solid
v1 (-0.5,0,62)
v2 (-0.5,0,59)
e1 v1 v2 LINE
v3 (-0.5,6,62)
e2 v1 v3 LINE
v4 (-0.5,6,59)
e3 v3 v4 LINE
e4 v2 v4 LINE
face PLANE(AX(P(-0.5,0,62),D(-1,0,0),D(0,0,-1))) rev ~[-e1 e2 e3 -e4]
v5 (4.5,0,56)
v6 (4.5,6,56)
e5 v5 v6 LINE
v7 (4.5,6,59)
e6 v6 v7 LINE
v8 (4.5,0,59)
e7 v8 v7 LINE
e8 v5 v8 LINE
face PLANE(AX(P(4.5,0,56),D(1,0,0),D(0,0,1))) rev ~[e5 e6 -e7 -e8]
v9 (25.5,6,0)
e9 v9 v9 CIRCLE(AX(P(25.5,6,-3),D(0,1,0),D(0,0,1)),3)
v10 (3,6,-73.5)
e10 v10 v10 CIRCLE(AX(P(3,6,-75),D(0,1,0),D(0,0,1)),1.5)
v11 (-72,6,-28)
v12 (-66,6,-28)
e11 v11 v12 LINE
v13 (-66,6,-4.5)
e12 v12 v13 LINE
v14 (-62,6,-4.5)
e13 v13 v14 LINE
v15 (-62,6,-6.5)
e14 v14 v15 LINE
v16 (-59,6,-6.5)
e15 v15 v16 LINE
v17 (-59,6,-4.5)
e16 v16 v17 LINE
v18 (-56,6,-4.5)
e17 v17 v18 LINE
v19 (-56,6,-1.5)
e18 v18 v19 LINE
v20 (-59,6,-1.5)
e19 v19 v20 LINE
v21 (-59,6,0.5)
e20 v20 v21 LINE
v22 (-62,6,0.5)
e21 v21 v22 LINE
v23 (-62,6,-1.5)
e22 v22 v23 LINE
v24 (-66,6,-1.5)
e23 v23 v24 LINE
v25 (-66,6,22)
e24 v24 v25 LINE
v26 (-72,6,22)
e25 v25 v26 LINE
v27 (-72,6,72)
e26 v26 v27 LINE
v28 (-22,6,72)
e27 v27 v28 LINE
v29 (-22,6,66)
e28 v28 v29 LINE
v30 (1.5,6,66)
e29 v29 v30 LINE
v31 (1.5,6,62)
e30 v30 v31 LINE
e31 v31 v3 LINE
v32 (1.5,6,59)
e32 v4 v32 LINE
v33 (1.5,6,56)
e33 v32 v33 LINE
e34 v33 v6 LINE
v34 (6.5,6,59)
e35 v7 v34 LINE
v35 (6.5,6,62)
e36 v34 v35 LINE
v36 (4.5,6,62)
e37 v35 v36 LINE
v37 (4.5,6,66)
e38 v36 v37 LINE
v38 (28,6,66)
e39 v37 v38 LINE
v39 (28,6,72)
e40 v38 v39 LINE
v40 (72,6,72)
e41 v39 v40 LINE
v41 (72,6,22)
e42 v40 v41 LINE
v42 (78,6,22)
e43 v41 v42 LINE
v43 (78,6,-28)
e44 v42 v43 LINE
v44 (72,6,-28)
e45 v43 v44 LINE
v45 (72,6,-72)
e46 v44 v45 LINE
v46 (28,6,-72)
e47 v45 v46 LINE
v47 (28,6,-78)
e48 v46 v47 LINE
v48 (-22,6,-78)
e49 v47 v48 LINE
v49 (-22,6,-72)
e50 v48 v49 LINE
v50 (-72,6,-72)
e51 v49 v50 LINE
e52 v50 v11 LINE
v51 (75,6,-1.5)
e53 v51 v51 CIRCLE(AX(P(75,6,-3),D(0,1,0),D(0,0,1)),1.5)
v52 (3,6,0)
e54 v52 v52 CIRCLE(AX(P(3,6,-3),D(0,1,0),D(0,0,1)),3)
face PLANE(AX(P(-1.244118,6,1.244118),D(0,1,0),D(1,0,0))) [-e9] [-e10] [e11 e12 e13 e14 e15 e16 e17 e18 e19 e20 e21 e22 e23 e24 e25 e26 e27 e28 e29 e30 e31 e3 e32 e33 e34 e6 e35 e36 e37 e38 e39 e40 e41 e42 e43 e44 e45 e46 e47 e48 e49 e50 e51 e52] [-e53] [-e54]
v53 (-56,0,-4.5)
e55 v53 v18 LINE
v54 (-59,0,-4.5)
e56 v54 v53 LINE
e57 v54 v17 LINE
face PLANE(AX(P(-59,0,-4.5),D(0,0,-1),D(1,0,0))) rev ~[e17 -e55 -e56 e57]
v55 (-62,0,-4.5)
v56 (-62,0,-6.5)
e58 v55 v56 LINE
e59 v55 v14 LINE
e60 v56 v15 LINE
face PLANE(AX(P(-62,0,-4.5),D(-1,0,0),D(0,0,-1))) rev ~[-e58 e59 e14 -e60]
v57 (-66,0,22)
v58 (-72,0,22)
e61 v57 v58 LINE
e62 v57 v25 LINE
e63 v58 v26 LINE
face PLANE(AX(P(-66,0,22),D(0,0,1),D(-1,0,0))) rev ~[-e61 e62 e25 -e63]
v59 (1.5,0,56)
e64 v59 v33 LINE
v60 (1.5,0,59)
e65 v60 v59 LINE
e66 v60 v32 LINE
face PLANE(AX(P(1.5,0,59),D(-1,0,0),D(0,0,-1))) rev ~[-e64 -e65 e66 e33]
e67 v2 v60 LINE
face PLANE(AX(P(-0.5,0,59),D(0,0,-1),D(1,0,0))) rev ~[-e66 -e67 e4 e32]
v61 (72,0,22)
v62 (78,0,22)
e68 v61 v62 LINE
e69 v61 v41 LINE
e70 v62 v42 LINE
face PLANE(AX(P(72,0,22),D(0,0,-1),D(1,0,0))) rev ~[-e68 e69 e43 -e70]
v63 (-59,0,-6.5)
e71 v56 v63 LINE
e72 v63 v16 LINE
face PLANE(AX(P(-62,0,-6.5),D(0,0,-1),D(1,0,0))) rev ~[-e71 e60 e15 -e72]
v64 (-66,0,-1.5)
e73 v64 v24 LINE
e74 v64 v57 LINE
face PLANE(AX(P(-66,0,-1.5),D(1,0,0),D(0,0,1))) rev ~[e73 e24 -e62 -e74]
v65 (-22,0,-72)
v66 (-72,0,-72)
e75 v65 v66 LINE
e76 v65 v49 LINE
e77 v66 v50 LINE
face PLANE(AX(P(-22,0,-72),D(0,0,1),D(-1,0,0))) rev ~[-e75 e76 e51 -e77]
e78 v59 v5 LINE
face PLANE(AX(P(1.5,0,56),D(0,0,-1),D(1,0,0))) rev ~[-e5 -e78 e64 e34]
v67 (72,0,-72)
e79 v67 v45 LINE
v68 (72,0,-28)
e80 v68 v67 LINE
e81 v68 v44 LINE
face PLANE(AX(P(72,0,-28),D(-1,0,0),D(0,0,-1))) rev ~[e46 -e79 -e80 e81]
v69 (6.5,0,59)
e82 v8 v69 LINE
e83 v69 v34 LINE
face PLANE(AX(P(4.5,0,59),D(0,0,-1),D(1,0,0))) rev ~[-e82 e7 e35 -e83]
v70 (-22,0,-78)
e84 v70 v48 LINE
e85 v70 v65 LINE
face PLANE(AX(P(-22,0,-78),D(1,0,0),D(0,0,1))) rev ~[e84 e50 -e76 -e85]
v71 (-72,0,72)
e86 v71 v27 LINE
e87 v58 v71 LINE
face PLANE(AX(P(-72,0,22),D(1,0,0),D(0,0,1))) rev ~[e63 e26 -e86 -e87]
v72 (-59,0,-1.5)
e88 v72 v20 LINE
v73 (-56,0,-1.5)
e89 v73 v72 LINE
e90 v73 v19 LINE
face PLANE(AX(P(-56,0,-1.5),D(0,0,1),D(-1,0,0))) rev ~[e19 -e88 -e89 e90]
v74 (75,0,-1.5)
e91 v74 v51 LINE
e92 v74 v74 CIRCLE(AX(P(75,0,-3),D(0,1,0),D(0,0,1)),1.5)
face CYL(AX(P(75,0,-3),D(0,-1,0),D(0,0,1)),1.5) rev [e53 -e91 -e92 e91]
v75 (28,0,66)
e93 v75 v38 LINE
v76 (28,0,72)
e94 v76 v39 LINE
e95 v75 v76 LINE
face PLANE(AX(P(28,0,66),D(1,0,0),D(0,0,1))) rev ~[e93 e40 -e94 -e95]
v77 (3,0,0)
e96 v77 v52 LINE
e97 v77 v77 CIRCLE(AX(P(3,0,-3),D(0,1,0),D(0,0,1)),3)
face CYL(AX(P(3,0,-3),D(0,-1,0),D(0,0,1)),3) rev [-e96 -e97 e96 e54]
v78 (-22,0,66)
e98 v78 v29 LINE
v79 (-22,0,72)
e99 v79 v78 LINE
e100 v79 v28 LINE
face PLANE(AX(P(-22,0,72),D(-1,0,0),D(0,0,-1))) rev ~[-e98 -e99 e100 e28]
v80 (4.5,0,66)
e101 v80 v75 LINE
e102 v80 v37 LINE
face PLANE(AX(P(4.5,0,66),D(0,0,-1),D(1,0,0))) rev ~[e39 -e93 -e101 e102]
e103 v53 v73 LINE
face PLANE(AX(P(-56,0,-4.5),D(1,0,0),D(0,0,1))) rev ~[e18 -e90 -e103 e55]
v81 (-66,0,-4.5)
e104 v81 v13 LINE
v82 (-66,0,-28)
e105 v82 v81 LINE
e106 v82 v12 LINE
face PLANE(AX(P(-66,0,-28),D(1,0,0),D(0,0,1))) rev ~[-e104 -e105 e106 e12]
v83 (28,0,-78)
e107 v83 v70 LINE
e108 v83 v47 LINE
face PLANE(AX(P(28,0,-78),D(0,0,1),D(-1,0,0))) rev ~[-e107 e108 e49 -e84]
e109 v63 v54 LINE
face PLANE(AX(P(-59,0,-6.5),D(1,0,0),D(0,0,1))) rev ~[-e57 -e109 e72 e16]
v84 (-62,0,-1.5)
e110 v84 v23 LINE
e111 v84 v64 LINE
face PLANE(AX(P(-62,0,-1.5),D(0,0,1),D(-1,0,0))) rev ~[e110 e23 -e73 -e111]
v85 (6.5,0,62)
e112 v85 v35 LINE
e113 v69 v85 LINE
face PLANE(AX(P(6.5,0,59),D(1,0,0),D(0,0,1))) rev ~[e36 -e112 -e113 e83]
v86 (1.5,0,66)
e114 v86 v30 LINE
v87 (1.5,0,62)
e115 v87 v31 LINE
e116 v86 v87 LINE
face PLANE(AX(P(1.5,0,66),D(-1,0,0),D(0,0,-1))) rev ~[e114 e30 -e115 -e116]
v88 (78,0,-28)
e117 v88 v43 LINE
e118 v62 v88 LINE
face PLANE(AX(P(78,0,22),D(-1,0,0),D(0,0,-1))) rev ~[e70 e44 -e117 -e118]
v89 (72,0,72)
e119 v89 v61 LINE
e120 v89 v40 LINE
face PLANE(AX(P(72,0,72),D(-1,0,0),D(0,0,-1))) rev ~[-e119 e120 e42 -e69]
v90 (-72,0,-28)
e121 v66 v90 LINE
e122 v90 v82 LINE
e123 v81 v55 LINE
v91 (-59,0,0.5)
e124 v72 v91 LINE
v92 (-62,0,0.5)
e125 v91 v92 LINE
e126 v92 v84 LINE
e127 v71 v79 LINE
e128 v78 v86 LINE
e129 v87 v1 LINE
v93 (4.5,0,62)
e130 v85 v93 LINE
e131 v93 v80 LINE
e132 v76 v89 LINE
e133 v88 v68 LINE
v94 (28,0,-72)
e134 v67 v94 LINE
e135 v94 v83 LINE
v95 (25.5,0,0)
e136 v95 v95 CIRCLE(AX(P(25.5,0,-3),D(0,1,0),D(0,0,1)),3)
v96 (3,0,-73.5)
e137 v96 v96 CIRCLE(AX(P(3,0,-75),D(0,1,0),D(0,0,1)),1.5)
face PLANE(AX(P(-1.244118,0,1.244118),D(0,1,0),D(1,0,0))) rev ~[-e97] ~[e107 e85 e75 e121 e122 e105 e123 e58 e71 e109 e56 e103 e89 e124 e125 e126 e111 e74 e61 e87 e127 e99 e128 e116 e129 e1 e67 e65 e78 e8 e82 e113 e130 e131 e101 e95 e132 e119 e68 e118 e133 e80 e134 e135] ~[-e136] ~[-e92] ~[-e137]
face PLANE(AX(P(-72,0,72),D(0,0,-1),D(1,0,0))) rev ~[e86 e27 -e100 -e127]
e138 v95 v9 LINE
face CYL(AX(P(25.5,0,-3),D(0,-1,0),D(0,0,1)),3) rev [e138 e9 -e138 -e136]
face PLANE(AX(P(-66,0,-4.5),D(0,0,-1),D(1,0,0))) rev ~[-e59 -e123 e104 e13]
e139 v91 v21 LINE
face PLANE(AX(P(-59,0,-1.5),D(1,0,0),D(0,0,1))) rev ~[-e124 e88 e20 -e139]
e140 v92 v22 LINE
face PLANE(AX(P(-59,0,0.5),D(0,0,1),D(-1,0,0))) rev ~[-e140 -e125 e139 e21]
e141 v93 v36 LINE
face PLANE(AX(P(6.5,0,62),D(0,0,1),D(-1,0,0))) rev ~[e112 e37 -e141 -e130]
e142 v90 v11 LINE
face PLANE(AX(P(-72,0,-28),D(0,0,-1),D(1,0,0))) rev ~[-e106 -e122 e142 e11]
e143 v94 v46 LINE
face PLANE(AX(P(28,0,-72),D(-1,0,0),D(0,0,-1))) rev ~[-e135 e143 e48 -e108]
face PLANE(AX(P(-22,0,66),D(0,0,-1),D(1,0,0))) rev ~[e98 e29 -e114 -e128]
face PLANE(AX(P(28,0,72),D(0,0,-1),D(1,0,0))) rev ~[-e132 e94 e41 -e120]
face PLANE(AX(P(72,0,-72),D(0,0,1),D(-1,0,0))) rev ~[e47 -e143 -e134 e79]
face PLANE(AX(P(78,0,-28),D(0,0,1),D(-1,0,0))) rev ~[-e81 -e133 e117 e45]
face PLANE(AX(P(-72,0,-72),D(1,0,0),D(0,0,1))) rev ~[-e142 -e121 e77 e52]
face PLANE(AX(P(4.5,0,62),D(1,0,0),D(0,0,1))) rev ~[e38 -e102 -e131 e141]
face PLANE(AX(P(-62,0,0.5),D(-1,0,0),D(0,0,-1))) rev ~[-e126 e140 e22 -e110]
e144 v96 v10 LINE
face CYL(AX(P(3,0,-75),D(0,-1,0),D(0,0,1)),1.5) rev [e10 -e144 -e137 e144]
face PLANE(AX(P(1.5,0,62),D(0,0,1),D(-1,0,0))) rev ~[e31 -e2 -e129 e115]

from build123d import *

# Parameters (mm, degrees)
SKETCH1_R           = 3
SKETCH1_R_2         = 1.5
BOSS_EXTRUDE1_DEPTH = 6


with BuildPart() as part:
    # Sketch1 → Boss-Extrude1 (new body)
    with BuildSketch(Plane(origin=(0, 0, 0), x_dir=(1, 0, 0), z_dir=(0, 1, 0))):
        Polygon((-72, 72), (-72, 28), (-66, 28), (-66, 4.5), (-62, 4.5), (-62, 6.5), (-59, 6.5), (-59, 4.5), (-56, 4.5), (-56, 1.5), (-59, 1.5), (-59, -0.5), (-62, -0.5), (-62, 1.5), (-66, 1.5), (-66, -22), (-72, -22), (-72, -72), (-22, -72), (-22, -66), (1.5, -66), (1.5, -62), (-0.5, -62), (-0.5, -59), (1.5, -59), (1.5, -56), (4.5, -56), (4.5, -59), (6.5, -59), (6.5, -62), (4.5, -62), (4.5, -66), (28, -66), (28, -72), (72, -72), (72, -22), (78, -22), (78, 28), (72, 28), (72, 72), (28, 72), (28, 78), (-22, 78), (-22, 72), align=None)
        with Locations(Location((3, 3, 0), (0, 0, 270))):
            Circle(SKETCH1_R, mode=Mode.SUBTRACT)
        with Locations(Location((25.5, 3, 0), (0, 0, 270))):
            Circle(SKETCH1_R, mode=Mode.SUBTRACT)
        with Locations(Location((3, 75, 0), (0, 0, 270))):
            Circle(SKETCH1_R_2, mode=Mode.SUBTRACT)
        with Locations(Location((75, 3, 0), (0, 0, 270))):
            Circle(SKETCH1_R_2, mode=Mode.SUBTRACT)
    extrude(amount=BOSS_EXTRUDE1_DEPTH)


solid = part.part
